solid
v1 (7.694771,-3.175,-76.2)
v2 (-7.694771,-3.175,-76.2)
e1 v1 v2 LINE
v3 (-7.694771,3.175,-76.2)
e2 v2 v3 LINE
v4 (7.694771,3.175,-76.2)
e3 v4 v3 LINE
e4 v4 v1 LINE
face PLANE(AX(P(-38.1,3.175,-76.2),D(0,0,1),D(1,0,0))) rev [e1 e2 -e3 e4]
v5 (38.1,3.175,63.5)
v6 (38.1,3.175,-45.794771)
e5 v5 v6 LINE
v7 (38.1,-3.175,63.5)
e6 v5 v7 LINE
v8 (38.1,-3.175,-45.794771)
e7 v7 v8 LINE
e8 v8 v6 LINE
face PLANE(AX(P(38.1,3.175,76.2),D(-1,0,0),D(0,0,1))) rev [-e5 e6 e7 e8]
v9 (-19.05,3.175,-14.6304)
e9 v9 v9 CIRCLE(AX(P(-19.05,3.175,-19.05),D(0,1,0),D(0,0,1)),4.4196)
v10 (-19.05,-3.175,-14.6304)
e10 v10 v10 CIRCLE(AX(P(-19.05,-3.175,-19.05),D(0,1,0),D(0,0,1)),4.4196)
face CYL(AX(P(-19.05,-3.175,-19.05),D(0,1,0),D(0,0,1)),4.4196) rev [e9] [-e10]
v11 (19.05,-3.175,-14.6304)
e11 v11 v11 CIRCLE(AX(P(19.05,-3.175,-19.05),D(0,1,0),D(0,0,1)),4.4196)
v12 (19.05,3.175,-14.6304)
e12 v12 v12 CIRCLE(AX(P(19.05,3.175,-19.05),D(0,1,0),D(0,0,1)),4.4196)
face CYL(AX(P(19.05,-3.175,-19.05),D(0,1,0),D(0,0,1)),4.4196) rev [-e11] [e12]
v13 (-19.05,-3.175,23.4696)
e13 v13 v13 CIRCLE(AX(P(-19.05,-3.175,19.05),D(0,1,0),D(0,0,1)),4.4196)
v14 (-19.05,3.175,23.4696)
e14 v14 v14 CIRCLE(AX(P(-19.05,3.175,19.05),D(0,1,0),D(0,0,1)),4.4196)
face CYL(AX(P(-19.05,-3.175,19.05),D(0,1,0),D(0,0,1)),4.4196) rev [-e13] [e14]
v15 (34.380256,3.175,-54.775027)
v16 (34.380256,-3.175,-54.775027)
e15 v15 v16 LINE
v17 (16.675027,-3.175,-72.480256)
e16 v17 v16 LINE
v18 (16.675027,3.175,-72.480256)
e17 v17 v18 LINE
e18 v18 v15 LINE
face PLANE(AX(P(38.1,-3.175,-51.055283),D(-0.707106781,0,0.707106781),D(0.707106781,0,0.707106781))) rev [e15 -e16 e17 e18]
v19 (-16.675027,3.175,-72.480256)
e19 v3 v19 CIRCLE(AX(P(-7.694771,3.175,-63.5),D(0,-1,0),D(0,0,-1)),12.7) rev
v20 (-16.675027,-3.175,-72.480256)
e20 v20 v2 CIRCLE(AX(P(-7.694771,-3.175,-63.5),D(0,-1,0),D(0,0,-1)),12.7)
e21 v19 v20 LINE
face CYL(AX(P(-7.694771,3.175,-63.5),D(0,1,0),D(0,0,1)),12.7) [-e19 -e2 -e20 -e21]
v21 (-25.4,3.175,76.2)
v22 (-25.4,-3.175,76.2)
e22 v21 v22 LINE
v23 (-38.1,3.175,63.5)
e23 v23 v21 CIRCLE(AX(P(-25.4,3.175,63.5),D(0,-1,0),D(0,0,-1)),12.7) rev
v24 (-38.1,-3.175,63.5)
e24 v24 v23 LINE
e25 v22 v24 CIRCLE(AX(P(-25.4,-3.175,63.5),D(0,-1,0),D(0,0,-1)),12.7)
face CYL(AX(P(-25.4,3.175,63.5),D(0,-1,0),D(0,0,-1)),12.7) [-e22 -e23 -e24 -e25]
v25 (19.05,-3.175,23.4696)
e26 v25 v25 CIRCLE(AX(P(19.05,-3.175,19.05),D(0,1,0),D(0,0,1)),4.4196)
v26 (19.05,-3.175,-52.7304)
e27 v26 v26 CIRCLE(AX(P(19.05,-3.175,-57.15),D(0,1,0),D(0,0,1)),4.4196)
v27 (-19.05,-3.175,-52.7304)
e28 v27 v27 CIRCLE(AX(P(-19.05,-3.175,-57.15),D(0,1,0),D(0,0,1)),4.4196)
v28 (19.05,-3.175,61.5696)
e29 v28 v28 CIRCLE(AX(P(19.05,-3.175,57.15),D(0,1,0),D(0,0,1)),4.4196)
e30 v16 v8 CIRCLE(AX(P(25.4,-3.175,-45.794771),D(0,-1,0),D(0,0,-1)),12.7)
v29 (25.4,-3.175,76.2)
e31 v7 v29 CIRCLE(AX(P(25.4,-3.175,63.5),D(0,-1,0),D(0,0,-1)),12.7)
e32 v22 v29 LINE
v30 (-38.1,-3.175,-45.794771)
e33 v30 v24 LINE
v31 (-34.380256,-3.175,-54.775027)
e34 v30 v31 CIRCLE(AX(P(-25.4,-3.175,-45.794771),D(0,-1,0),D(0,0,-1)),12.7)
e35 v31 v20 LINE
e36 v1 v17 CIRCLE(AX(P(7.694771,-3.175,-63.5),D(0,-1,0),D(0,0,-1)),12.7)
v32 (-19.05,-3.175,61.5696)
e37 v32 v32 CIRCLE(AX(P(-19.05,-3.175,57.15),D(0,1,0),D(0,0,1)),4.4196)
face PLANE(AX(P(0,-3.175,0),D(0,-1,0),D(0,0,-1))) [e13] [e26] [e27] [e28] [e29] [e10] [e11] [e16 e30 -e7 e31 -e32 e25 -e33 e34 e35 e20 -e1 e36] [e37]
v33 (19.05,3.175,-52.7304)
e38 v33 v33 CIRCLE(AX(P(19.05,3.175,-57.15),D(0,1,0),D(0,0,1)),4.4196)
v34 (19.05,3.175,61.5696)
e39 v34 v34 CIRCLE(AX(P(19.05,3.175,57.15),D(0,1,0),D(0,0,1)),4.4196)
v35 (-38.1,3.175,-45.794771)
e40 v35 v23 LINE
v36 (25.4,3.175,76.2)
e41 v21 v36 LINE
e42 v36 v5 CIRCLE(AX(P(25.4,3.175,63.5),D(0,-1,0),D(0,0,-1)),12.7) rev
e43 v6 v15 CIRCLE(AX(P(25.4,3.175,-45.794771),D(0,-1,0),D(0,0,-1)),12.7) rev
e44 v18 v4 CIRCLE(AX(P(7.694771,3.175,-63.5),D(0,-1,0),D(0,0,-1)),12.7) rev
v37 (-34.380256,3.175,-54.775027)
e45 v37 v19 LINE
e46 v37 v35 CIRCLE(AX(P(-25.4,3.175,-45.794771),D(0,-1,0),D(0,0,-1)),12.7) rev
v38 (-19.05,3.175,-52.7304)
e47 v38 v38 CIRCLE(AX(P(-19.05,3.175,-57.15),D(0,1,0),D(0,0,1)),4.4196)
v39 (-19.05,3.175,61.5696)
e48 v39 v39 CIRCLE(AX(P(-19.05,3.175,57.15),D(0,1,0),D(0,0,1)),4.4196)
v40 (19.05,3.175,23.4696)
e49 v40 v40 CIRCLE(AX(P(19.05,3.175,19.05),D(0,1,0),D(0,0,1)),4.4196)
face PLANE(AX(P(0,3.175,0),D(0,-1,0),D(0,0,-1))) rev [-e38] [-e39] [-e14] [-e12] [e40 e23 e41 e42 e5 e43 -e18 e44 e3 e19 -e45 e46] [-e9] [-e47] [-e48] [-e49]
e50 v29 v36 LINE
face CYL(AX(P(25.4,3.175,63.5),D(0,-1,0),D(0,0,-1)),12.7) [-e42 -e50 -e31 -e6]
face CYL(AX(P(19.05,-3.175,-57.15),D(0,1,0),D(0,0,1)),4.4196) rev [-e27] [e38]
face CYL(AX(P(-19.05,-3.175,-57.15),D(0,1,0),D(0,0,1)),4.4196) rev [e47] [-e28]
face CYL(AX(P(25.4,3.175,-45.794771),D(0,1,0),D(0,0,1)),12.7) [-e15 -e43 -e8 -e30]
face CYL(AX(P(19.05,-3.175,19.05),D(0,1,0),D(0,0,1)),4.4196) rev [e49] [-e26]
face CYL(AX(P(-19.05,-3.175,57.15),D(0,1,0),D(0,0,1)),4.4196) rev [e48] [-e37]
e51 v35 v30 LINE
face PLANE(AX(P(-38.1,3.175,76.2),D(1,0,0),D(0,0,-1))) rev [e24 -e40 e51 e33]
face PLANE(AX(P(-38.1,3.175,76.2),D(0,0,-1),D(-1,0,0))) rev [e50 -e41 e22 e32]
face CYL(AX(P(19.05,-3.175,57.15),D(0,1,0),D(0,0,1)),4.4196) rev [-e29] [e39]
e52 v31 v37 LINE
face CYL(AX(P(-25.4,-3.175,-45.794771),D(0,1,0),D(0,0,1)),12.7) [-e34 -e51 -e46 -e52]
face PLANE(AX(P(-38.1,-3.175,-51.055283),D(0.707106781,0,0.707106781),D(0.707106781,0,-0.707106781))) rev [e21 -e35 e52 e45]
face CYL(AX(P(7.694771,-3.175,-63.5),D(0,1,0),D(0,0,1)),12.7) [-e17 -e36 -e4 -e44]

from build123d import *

# Parameters (mm, degrees)
SKETCH1_W           = 76.2
SKETCH1_H           = 152.4
BOSS_EXTRUDE1_DEPTH = 3.175
SKETCH2_R           = 4.4196
CUT_EXTRUDE1_DEPTH  = 86.430512699
CUT_EXTRUDE2_DEPTH  = 86.430512699
FILLET1_R           = 12.7


with BuildPart() as part:
    # Sketch1 → Boss-Extrude1 (new, symmetric)
    with BuildSketch(Plane(origin=(0, 0, 0), x_dir=(1, 0, 0), z_dir=(0, 1, 0))):
        Rectangle(SKETCH1_W, SKETCH1_H)
    extrude(amount=BOSS_EXTRUDE1_DEPTH, both=True)

    # Sketch2 → Cut-Extrude1 (cut, through all)
    with BuildSketch(Plane(origin=(0, 3.175, 0), x_dir=(1, 0, 0), z_dir=(0, 1, 0))):
        with Locations(Location((-19.05, 57.15, 0), (0, 0, 270))):
            Circle(SKETCH2_R)
        with Locations(Location((19.05, 57.15, 0), (0, 0, 270))):
            Circle(SKETCH2_R)
        with Locations(Location((19.05, 19.05, 0), (0, 0, 270))):
            Circle(SKETCH2_R)
        with Locations(Location((19.05, -19.05, 0), (0, 0, 270))):
            Circle(SKETCH2_R)
        with Locations(Location((19.05, -57.15, 0), (0, 0, 270))):
            Circle(SKETCH2_R)
        with Locations(Location((-19.05, 19.05, 0), (0, 0, 270))):
            Circle(SKETCH2_R)
        with Locations(Location((-19.05, -19.05, 0), (0, 0, 270))):
            Circle(SKETCH2_R)
        with Locations(Location((-19.05, -57.15, 0), (0, 0, 270))):
            Circle(SKETCH2_R)
    extrude(amount=-CUT_EXTRUDE1_DEPTH, mode=Mode.SUBTRACT)

    # Sketch3 → Cut-Extrude2 (cut, through all)
    with BuildSketch(Plane(origin=(0, 3.175, 0), x_dir=(1, 0, 0), z_dir=(0, 1, 0))):
        Polygon((-38.1, 51.055282861), (-12.955282861, 76.2), (-38.1, 76.2), align=None)
        Polygon((12.955282861, 76.2), (38.1, 76.2), (38.1, 51.055282861), align=None)
    extrude(amount=-CUT_EXTRUDE2_DEPTH, mode=Mode.SUBTRACT)

    # Fillet1
    fillet1_edges = [part.edges().sort_by_distance(p)[0] for p in [
        (-38.1, 0, -51.055282861),
        (-12.955282861, 0, -76.2),
        (38.1, 0, -51.055282861),
        (12.955282861, 0, -76.2),
        (38.1, 0, 76.2),
        (-38.1, 0, 76.2),
    ]]
    fillet(fillet1_edges, radius=FILLET1_R)


solid = part.part
